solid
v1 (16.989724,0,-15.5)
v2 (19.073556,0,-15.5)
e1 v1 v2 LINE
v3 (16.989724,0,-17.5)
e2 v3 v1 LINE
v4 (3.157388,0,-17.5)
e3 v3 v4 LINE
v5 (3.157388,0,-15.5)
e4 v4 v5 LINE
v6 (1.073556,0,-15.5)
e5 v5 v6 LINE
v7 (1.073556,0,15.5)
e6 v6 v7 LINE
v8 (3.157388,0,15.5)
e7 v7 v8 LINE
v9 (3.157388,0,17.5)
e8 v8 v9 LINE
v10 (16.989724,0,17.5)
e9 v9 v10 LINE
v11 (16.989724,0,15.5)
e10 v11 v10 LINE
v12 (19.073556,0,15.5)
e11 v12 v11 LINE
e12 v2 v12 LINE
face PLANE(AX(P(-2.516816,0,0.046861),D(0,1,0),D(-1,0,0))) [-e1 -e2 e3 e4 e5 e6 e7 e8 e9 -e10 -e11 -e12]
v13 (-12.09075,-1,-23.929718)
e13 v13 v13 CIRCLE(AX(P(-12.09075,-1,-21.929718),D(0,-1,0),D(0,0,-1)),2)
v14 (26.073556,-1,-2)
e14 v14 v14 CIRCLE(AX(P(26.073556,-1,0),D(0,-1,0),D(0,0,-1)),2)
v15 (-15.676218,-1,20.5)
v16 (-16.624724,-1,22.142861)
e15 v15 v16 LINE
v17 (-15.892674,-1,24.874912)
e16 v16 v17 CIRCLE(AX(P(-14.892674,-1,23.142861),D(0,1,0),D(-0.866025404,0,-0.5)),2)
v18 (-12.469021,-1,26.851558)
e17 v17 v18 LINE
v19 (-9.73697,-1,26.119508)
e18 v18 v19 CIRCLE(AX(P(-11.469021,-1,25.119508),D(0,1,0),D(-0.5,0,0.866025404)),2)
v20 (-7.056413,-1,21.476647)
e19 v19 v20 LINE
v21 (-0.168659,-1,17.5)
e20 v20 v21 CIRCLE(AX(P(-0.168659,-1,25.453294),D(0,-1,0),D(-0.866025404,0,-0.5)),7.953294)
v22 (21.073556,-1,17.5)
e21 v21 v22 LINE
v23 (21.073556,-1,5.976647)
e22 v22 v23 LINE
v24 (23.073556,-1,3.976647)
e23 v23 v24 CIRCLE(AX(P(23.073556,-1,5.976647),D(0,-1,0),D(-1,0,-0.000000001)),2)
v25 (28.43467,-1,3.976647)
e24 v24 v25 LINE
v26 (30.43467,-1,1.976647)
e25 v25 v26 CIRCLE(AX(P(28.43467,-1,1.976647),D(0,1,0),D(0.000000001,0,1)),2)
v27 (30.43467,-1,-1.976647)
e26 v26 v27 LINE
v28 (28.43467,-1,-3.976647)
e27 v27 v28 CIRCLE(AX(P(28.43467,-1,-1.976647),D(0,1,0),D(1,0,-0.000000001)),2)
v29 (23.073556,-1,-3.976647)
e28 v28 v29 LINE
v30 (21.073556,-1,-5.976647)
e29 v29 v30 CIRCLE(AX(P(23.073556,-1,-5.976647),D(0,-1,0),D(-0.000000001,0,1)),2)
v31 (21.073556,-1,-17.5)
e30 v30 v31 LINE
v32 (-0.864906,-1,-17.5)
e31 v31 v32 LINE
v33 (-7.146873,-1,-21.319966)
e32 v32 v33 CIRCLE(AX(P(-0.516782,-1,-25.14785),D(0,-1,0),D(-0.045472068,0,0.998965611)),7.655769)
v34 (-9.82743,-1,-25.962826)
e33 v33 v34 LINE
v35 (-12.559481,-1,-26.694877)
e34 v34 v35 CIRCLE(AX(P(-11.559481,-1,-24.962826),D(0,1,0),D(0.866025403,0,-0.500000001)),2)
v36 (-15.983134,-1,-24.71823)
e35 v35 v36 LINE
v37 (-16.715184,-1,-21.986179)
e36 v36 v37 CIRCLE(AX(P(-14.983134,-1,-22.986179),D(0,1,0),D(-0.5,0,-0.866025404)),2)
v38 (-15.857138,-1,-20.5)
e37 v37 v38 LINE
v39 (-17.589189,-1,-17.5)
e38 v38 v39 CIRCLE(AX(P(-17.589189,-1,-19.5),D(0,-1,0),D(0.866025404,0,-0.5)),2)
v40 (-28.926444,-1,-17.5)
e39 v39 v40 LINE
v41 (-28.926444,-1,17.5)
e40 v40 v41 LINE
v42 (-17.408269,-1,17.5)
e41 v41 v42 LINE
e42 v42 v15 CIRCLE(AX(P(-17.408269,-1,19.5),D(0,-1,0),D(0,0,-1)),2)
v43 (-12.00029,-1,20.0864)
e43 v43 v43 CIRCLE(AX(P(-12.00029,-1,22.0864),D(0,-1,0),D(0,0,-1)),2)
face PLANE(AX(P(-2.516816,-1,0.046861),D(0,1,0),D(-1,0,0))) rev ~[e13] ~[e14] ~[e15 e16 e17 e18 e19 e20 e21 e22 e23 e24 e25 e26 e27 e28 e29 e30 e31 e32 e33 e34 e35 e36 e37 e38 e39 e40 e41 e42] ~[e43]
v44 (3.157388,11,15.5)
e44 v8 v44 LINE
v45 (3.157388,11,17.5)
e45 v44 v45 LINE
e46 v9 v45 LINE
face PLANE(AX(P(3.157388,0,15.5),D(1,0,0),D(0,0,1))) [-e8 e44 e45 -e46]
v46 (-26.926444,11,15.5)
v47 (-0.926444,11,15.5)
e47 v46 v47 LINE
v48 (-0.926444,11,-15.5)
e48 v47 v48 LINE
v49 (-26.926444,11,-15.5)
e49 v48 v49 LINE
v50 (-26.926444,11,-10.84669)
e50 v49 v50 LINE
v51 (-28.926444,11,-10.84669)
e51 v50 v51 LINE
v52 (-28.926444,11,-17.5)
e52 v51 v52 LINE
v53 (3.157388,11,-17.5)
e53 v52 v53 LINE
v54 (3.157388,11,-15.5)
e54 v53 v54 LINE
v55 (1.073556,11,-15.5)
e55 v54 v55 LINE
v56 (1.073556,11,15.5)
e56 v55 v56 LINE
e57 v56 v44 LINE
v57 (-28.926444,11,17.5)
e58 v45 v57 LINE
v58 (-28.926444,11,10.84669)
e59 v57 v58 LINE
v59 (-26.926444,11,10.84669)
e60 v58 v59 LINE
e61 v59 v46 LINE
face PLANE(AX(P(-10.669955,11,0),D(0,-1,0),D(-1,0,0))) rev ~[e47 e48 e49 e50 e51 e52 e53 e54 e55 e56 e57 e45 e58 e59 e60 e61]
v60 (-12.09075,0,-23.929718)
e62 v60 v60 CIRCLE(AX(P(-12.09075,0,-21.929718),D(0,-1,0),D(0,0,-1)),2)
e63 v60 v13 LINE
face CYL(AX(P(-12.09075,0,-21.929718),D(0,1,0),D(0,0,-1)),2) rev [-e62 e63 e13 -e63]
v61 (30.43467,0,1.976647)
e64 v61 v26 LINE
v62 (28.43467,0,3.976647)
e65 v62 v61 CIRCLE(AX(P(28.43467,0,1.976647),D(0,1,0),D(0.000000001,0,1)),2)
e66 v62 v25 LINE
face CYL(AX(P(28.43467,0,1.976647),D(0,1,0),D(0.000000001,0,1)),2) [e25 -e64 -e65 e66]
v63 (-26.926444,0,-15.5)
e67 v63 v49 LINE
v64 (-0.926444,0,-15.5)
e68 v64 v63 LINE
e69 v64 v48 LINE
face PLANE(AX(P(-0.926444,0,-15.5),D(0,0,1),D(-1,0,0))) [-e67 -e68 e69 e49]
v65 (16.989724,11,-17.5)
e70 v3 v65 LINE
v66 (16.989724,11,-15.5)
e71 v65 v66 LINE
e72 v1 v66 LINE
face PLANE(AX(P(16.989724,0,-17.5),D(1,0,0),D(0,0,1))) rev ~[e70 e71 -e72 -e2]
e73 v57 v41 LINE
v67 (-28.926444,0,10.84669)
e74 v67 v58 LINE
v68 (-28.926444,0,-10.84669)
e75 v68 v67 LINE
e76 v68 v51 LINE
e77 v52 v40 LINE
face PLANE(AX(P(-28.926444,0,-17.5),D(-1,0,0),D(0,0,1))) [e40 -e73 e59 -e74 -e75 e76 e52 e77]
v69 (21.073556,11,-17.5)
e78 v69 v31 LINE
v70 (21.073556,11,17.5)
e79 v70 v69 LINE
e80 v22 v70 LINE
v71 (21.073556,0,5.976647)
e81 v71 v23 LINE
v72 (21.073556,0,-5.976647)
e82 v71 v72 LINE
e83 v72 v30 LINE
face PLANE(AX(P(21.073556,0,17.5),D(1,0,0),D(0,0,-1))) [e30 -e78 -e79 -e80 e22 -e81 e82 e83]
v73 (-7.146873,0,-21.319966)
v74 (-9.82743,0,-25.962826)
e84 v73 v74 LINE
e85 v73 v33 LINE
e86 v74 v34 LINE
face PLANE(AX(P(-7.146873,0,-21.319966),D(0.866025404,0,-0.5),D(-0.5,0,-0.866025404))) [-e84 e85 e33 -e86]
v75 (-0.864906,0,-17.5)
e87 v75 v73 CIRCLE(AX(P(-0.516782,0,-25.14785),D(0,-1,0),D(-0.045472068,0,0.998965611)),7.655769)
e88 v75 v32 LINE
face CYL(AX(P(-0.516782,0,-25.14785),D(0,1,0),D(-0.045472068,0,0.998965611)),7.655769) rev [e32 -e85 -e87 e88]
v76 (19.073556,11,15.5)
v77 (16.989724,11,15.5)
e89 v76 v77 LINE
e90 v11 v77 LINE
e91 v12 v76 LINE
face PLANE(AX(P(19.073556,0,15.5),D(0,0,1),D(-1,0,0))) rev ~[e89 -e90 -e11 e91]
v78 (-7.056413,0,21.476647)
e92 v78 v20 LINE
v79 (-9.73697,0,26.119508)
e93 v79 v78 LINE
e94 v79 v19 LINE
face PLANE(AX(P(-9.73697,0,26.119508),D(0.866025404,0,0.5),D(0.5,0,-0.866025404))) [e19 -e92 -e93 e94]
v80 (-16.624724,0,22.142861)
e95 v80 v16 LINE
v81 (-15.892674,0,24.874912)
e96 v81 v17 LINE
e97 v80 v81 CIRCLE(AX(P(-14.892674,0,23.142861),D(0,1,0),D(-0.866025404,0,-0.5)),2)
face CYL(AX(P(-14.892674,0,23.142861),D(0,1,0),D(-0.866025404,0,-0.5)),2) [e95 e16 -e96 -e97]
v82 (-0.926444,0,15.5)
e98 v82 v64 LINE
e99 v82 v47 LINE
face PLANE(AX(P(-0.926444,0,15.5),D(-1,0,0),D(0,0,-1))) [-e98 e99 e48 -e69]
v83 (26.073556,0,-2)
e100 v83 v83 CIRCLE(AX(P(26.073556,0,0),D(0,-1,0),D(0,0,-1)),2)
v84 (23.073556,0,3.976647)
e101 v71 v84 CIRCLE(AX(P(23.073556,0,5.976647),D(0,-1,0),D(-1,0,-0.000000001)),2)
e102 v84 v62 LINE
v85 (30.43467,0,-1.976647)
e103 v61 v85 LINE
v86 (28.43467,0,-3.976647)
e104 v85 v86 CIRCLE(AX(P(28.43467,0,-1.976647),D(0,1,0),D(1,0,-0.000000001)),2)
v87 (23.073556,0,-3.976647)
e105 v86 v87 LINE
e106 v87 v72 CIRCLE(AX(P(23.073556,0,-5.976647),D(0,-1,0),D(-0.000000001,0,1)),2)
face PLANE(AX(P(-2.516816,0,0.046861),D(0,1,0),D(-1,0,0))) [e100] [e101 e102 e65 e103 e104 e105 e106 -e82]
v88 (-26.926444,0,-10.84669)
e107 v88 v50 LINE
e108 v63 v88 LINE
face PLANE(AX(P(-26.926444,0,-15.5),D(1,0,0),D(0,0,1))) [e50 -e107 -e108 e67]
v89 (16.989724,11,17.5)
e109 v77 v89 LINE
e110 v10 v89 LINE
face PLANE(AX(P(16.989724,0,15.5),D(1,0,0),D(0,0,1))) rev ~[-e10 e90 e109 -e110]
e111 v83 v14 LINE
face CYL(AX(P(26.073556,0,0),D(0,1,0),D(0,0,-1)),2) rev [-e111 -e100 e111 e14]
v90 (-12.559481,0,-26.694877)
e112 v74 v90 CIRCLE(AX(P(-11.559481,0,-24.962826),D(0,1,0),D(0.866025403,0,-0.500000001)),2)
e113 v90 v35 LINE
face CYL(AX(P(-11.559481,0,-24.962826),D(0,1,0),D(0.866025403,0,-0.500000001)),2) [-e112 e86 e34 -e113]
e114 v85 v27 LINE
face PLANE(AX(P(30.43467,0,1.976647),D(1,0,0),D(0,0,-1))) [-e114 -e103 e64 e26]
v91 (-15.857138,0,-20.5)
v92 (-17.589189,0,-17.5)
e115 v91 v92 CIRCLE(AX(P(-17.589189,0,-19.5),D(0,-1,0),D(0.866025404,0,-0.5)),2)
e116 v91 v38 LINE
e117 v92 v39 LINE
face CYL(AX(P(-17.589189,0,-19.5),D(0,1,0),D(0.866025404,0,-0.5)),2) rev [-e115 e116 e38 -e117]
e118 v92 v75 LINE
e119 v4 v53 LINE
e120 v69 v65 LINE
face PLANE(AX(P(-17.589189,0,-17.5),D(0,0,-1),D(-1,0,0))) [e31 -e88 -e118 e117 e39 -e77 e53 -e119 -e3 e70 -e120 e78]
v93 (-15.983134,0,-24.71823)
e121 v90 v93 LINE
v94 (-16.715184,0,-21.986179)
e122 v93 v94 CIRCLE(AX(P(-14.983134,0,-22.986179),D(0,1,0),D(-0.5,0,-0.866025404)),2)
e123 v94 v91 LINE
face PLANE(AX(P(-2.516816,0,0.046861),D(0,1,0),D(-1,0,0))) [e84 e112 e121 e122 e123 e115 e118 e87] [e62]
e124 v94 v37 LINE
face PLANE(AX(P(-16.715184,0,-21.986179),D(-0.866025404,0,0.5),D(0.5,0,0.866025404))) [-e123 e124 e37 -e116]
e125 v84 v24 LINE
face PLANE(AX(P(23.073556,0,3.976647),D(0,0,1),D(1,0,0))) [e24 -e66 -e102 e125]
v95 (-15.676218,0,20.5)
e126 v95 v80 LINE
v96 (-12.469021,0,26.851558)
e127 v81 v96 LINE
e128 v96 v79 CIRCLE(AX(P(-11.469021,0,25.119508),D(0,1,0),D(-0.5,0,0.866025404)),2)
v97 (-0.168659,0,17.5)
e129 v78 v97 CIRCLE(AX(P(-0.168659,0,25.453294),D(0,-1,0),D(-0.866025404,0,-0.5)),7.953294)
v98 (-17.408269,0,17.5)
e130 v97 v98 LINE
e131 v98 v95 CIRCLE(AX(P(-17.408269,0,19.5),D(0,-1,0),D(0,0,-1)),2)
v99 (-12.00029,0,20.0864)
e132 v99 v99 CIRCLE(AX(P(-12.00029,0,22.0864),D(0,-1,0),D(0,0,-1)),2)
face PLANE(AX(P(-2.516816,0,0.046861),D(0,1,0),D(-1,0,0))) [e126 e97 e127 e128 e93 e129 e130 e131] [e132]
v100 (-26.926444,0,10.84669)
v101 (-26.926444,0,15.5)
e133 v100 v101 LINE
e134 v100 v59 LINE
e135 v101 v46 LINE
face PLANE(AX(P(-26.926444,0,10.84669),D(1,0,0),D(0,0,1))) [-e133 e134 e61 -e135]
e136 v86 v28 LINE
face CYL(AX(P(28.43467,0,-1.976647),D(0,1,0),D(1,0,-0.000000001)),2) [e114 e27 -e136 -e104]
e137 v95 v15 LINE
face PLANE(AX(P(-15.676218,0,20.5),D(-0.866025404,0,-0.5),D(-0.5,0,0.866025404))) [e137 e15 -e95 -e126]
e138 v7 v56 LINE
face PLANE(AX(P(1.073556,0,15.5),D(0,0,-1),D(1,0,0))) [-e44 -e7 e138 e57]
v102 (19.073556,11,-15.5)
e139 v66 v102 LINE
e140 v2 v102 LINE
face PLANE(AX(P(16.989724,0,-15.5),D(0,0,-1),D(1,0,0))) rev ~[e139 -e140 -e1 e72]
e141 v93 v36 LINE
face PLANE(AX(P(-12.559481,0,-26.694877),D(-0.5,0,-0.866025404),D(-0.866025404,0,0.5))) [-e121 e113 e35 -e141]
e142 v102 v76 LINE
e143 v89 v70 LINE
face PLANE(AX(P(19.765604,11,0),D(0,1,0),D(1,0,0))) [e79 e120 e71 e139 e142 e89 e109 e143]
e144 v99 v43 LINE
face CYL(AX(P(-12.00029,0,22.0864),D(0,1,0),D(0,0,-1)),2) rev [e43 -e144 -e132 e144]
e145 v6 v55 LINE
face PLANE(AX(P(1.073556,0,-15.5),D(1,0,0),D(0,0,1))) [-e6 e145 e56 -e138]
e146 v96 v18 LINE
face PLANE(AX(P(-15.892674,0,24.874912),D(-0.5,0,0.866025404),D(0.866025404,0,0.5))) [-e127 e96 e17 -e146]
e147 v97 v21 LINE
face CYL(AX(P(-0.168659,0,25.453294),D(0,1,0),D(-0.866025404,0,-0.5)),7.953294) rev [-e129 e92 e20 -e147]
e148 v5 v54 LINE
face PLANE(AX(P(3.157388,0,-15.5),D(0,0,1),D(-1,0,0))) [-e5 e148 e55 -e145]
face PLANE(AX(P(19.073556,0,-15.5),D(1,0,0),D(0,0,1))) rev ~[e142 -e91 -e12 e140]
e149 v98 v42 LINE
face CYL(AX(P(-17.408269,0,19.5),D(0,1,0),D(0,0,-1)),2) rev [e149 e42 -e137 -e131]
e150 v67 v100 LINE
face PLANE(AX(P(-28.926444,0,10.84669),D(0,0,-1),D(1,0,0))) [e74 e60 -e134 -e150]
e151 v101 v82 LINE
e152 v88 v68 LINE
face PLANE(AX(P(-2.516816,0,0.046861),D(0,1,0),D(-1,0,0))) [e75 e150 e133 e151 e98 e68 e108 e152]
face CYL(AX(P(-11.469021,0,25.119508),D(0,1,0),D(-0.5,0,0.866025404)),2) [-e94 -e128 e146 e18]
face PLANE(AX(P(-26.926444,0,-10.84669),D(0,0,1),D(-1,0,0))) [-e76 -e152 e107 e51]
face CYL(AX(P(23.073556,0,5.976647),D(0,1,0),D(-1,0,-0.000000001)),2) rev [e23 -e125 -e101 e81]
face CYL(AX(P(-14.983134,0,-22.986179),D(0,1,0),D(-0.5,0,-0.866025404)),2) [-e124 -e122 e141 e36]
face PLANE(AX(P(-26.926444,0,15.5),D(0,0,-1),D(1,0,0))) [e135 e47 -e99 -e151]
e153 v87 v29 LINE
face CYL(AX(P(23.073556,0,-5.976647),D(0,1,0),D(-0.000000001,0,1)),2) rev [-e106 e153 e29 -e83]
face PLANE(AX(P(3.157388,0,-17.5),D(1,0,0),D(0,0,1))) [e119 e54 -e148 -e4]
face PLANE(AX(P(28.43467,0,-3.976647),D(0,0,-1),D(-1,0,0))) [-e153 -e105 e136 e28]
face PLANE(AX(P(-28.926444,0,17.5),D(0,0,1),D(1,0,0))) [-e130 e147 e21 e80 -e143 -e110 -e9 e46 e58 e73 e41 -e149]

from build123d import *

# Parameters (mm, degrees)
BOSS_EXTRUDE1_DEPTH   = 11
BOSS_EXTRUDE1_2_DEPTH = 11
SKETCH2_R             = 2
BOSS_EXTRUDE2_DEPTH   = 1


with BuildPart() as part:
    # Sketch1 → Boss-Extrude1 (new body)
    with BuildSketch(Plane(origin=(0, 0, 0), x_dir=(1, 0, 0), z_dir=(0, 1, 0))):
        Polygon((-26.926443894, -15.5), (-0.926443894, -15.5), (-0.926443894, 15.5), (-26.926443894, 15.5), (-26.926443894, 10.846689955), (-28.926443894, 10.846689955), (-28.926443894, 17.5), (3.157388066, 17.5), (3.157388066, 15.5), (1.073556106, 15.5), (1.073556106, -15.5), (3.157388066, -15.5), (3.157388066, -17.5), (-28.926443894, -17.5), (-28.926443894, -10.846689955), (-26.926443894, -10.846689955), align=None)
    extrude(amount=BOSS_EXTRUDE1_DEPTH)



with BuildPart() as body_2:
    # Sketch1 → Boss-Extrude1 2 (new body)
    with BuildSketch(Plane(origin=(0, 0, 0), x_dir=(1, 0, 0), z_dir=(0, 1, 0))):
        Polygon((19.073556106, 15.5), (19.073556106, -15.5), (16.989724146, -15.5), (16.989724146, -17.5), (21.073556106, -17.5), (21.073556106, 17.5), (16.989724146, 17.5), (16.989724146, 15.5), align=None)
    extrude(amount=BOSS_EXTRUDE1_2_DEPTH)


with BuildPart() as part_1:
    add(part.part)

    add(body_2.part)  # Boss-Extrude2 merges body 2
    # Sketch2 → Boss-Extrude2 (add)
    with BuildSketch(Plane.XZ):
        with BuildLine():
            Line((-28.926443894, 17.5), (-17.408269171, 17.5))
            ThreePointArc((-17.408269171, 17.5), (-15.676218364, 18.5), (-15.676218364, 20.5))
            Line((-15.676218364, 20.5), (-16.624724435, 22.142860706))
            ThreePointArc((-16.624724435, 22.142860706), (-16.82452528, 23.660498796), (-15.892673627, 24.874911513))
            Line((-15.892673627, 24.874911513), (-12.469020781, 26.851558406))
            ThreePointArc((-12.469020781, 26.851558406), (-10.951382691, 27.051359251), (-9.736969974, 26.119507598))
            Line((-9.736969974, 26.119507598), (-7.056413095, 21.476646892))
            ThreePointArc((-7.056413095, 21.476646892), (-4.145305527, 18.565539323), (-0.168658635, 17.5))
            Line((-0.168658635, 17.5), (21.073556106, 17.5))
            Line((21.073556106, 17.5), (21.073556106, 5.976646892))
            ThreePointArc((21.073556106, 5.976646892), (21.659342544, 4.56243333), (23.073556106, 3.976646892))
            Line((23.073556106, 3.976646892), (28.434669863, 3.976646892))
            ThreePointArc((28.434669863, 3.976646892), (29.848883425, 3.390860454), (30.434669863, 1.976646892))
            Line((30.434669863, 1.976646892), (30.434669863, -1.976646892))
            ThreePointArc((30.434669863, -1.976646892), (29.848883425, -3.390860454), (28.434669863, -3.976646892))
            Line((28.434669863, -3.976646892), (23.073556106, -3.976646892))
            ThreePointArc((23.073556106, -3.976646892), (21.659342544, -4.56243333), (21.073556106, -5.976646892))
            Line((21.073556106, -5.976646892), (21.073556106, -17.5))
            Line((21.073556106, -17.5), (-0.864905973, -17.5))
            ThreePointArc((-0.864905973, -17.5), (-4.494457946, -18.60652774), (-7.146873061, -21.319965636))
            Line((-7.146873061, -21.319965636), (-9.827429939, -25.962826342))
            ThreePointArc((-9.827429939, -25.962826342), (-11.041842657, -26.894677994), (-12.559480747, -26.694877149))
            Line((-12.559480747, -26.694877149), (-15.983133593, -24.718230257))
            ThreePointArc((-15.983133593, -24.718230257), (-16.914985245, -23.50381754), (-16.7151844, -21.98617945))
            Line((-16.7151844, -21.98617945), (-15.857138295, -20.5))
            ThreePointArc((-15.857138295, -20.5), (-15.857138295, -18.5), (-17.589189102, -17.5))
            Line((-17.589189102, -17.5), (-28.926443894, -17.5))
            Line((-28.926443894, -17.5), (-28.926443894, 17.5))
        make_face()
        with Locations(Location((26.073556106, 0, 0), (0, 0, 270))):
            Circle(SKETCH2_R, mode=Mode.SUBTRACT)
        with Locations(Location((-12.090750291, -21.929718401, 0), (0, 0, 270))):
            Circle(SKETCH2_R, mode=Mode.SUBTRACT)
        with Locations(Location((-12.000290326, 22.086399657, 0), (0, 0, 270))):
            Circle(SKETCH2_R, mode=Mode.SUBTRACT)
    extrude(amount=BOSS_EXTRUDE2_DEPTH)


solid = part_1.part
